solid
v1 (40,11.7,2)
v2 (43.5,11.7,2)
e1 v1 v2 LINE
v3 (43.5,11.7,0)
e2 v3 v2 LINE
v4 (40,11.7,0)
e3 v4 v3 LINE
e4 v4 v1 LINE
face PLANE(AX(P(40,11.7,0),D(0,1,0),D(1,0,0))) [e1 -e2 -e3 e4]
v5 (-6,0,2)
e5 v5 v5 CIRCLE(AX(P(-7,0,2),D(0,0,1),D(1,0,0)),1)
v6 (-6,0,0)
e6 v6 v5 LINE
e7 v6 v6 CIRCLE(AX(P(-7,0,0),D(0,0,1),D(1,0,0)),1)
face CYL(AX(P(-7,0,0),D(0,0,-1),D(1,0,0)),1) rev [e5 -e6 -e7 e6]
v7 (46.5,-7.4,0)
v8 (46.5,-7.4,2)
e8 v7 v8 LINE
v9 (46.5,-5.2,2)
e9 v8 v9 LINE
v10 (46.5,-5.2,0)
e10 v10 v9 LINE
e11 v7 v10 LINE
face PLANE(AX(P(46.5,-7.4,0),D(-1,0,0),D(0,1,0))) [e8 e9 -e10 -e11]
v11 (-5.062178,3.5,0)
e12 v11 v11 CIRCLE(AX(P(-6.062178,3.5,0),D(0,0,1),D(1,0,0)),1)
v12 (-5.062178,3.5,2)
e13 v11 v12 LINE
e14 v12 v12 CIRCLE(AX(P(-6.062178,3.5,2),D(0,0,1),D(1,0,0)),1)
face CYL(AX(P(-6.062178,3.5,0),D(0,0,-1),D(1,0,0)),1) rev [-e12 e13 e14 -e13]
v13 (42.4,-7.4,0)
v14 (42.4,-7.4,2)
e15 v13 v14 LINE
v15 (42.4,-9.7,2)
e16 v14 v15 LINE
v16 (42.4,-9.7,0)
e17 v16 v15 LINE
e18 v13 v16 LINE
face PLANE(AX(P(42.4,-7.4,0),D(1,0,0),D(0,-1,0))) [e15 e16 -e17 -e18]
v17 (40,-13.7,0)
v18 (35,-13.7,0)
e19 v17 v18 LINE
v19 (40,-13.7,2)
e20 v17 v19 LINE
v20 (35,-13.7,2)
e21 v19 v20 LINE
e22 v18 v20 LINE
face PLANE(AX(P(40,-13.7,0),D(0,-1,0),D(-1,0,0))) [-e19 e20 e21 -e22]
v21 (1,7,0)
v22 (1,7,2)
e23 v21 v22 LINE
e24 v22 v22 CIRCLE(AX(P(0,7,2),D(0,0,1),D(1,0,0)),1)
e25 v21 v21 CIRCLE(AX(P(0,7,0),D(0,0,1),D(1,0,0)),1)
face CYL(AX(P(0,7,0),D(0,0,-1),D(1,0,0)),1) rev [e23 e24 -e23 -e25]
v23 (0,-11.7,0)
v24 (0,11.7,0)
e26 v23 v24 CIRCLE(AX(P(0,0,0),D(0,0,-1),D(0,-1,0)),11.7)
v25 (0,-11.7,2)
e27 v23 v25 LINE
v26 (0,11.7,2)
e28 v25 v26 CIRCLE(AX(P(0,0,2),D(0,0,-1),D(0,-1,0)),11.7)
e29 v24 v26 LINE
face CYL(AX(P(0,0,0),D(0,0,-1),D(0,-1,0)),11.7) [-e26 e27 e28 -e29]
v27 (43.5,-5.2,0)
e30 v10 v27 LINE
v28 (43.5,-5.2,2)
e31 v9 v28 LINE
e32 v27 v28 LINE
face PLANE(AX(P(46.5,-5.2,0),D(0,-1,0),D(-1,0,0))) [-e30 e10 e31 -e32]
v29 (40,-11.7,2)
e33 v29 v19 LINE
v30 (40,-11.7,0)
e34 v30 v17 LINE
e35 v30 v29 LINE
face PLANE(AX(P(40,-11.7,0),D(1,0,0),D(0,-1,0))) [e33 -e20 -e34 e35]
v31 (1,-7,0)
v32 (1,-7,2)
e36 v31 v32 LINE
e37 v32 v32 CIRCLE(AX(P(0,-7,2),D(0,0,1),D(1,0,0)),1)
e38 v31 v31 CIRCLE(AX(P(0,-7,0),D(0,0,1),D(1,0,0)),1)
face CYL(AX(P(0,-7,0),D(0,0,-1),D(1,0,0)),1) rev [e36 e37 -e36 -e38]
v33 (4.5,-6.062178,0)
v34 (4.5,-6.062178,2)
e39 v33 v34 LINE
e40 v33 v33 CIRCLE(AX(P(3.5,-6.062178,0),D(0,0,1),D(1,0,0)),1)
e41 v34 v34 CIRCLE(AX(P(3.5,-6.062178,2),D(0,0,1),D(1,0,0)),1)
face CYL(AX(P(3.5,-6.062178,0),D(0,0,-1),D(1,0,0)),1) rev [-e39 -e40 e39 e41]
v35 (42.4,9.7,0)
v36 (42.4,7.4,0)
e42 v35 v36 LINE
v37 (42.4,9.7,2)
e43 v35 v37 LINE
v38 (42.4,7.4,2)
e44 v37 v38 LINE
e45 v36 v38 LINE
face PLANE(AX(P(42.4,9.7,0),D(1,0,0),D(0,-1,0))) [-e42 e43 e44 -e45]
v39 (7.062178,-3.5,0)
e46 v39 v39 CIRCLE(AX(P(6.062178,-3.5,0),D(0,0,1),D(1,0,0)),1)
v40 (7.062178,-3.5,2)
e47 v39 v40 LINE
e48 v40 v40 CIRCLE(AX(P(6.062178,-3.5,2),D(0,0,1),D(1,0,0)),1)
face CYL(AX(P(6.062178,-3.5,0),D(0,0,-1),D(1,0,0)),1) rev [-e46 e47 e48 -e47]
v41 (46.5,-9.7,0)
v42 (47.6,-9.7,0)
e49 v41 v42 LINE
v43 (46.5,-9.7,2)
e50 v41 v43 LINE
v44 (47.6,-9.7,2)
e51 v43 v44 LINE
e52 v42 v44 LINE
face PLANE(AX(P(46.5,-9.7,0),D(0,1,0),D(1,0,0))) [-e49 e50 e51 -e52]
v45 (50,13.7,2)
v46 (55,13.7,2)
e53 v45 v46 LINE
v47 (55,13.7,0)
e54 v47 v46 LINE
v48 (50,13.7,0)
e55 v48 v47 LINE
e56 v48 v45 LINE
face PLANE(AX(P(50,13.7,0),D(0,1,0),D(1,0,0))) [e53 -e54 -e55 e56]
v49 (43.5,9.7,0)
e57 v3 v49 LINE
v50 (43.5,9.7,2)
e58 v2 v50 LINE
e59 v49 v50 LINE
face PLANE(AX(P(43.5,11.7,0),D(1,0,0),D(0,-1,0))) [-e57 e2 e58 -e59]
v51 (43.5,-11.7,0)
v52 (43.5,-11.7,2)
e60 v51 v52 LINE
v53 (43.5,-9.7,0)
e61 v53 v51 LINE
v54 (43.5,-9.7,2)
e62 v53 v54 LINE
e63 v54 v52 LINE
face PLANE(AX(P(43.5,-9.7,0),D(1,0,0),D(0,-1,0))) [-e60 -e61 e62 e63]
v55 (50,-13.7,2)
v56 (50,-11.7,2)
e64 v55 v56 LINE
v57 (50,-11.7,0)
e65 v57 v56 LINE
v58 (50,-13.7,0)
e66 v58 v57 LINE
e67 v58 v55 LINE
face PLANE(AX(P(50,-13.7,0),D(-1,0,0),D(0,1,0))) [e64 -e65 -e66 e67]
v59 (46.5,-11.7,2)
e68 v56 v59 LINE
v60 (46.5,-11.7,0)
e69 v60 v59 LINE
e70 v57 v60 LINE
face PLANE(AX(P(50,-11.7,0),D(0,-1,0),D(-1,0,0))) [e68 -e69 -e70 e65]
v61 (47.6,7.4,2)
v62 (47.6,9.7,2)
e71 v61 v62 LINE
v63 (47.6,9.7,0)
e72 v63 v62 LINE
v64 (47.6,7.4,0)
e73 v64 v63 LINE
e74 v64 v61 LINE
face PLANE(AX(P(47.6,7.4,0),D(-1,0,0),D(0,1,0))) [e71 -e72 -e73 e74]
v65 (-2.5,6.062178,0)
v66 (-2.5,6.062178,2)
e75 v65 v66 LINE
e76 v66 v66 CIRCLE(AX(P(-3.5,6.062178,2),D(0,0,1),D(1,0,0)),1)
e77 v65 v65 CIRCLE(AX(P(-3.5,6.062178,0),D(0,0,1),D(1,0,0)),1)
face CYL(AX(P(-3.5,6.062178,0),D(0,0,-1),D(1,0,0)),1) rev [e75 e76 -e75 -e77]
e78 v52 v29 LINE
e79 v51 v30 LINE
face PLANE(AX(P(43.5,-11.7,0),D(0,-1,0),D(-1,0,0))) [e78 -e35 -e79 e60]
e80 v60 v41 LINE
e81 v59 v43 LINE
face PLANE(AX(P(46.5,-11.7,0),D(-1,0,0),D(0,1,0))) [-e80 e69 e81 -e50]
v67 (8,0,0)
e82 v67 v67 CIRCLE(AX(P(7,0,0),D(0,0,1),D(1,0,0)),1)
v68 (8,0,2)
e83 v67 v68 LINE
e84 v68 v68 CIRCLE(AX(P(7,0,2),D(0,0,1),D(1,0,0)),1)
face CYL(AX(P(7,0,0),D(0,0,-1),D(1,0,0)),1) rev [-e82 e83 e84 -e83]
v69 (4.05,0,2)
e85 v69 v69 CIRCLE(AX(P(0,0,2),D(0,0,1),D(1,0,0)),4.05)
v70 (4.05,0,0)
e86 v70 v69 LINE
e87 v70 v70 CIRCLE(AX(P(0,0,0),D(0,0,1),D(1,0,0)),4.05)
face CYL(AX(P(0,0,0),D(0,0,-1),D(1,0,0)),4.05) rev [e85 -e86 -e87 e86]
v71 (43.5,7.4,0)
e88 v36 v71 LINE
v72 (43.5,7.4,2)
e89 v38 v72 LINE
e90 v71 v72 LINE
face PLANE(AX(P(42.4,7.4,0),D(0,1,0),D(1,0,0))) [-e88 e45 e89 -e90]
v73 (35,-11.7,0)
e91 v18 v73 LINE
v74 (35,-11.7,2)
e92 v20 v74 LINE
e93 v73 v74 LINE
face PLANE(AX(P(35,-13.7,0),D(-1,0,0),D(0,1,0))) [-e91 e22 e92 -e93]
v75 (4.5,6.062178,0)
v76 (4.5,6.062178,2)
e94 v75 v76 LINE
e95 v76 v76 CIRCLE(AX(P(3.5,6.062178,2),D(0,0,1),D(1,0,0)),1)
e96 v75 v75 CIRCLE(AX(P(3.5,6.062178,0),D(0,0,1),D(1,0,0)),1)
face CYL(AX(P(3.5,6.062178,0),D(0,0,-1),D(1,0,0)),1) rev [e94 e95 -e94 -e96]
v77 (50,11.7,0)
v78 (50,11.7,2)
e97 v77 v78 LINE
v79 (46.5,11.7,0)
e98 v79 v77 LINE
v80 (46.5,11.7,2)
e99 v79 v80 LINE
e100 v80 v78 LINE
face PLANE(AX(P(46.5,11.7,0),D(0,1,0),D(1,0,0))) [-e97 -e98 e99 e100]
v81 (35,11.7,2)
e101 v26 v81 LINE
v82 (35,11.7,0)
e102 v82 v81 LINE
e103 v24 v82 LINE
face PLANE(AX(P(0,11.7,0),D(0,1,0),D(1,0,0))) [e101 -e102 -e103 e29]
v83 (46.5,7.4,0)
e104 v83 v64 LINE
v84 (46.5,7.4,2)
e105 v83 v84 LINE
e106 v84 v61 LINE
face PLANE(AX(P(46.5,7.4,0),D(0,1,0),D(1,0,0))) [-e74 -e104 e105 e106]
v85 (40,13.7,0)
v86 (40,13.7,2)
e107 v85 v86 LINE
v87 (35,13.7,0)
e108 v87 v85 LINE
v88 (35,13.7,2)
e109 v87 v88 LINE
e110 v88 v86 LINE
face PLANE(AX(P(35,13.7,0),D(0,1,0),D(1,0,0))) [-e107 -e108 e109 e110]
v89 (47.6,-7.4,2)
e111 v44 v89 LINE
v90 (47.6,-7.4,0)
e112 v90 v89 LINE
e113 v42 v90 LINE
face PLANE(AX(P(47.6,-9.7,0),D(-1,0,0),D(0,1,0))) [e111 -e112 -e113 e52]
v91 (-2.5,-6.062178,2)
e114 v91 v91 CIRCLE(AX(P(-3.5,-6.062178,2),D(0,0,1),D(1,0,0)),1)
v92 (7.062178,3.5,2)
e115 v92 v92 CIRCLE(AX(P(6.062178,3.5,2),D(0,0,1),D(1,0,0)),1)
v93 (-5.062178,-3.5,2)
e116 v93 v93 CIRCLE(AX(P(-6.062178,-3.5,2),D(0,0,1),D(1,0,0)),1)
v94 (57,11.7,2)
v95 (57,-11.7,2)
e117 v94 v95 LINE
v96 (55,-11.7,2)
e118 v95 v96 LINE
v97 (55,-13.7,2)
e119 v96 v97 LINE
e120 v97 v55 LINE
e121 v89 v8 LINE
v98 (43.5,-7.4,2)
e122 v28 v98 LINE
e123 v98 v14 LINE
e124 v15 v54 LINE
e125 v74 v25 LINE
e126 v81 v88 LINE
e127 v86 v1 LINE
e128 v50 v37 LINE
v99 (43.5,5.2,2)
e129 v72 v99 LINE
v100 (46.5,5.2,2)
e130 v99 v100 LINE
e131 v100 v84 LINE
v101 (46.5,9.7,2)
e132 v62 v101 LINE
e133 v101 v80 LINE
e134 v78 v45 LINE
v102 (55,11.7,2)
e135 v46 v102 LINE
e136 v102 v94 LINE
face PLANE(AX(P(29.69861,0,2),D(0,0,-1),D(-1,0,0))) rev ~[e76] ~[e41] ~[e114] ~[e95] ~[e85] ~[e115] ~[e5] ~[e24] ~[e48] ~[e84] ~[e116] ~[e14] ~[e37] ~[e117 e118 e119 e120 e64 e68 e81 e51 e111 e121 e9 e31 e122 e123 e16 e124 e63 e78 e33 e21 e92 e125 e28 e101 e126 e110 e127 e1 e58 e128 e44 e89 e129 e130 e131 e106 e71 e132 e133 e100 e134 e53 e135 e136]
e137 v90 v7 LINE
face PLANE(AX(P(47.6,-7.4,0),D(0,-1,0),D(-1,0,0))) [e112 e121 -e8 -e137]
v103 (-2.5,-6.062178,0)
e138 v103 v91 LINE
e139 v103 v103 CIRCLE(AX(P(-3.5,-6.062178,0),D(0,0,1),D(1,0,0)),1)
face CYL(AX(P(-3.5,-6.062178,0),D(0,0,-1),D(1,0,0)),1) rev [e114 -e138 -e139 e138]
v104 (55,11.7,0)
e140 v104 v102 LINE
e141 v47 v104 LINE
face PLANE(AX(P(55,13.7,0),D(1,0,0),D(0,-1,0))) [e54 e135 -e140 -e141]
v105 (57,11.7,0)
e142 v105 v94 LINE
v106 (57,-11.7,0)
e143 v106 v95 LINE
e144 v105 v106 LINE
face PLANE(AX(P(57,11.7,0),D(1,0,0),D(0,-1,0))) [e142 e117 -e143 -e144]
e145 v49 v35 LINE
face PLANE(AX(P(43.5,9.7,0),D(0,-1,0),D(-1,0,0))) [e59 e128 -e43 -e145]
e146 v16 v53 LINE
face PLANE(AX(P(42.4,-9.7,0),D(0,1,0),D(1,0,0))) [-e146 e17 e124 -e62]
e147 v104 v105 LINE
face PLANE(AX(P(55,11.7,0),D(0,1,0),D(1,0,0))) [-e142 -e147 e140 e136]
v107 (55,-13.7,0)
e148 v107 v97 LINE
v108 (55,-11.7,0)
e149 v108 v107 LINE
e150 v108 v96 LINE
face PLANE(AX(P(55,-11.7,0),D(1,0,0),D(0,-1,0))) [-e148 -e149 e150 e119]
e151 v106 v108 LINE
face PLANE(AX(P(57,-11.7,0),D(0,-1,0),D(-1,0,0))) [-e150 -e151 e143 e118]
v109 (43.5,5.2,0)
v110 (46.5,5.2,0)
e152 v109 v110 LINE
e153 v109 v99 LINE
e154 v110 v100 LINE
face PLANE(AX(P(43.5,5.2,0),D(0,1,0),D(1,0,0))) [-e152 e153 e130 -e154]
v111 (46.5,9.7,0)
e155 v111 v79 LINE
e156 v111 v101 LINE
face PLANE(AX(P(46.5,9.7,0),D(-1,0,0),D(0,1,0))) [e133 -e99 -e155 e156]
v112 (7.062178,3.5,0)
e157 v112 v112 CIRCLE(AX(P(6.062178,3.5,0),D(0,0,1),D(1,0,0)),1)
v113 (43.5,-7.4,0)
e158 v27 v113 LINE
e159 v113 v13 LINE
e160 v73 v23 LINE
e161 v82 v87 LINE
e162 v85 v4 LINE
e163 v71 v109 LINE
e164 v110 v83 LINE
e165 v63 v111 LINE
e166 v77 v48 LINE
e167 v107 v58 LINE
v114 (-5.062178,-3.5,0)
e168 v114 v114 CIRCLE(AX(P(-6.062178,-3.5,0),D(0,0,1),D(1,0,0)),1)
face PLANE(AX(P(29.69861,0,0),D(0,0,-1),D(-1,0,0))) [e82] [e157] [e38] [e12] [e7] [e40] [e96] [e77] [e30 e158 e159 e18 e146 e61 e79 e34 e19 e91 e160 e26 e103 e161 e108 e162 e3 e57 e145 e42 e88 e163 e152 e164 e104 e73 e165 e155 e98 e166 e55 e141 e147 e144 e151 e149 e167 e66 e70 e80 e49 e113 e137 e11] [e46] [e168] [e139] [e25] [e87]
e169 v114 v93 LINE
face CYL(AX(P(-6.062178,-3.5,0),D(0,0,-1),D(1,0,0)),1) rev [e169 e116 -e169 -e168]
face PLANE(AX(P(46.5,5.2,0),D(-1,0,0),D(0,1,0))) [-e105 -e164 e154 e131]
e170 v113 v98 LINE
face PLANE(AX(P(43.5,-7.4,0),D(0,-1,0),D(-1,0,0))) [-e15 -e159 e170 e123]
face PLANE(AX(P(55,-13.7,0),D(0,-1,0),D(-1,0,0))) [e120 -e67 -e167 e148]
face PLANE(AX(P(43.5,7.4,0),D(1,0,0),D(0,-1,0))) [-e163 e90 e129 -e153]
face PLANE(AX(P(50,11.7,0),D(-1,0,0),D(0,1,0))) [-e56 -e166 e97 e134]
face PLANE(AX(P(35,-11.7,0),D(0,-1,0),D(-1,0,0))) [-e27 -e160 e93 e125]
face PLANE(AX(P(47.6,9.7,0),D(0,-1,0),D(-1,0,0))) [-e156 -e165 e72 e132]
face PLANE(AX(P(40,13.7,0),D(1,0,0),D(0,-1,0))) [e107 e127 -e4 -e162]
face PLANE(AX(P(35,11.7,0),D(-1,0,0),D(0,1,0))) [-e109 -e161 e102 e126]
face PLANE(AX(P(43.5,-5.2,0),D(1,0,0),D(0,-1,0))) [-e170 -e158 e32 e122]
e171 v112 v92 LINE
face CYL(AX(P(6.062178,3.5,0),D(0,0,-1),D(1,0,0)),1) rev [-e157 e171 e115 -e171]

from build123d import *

# Parameters (mm, degrees)
SKETCH1_R           = 4.05
SKETCH1_R_2         = 1
BOSS_EXTRUDE1_DEPTH = 2


with BuildPart() as part:
    # Sketch1 → Boss-Extrude1 (new body)
    with BuildSketch(Plane.XY):
        with BuildLine():
            Line((57, 11.7), (57, -11.7))
            Line((57, -11.7), (55, -11.7))
            Line((55, -11.7), (55, -13.7))
            Line((55, -13.7), (50, -13.7))
            Line((50, -13.7), (50, -11.7))
            Line((50, -11.7), (46.5, -11.7))
            Line((46.5, -11.7), (46.5, -9.7))
            Line((46.5, -9.7), (47.6, -9.7))
            Line((47.6, -9.7), (47.6, -7.4))
            Line((47.6, -7.4), (46.5, -7.4))
            Line((46.5, -7.4), (46.5, -5.2))
            Line((46.5, -5.2), (43.5, -5.2))
            Line((43.5, -5.2), (43.5, -7.4))
            Line((43.5, -7.4), (42.4, -7.4))
            Line((42.4, -7.4), (42.4, -9.7))
            Line((42.4, -9.7), (43.5, -9.7))
            Line((43.5, -9.7), (43.5, -11.7))
            Line((43.5, -11.7), (40, -11.7))
            Line((40, -11.7), (40, -13.7))
            Line((40, -13.7), (35, -13.7))
            Line((35, -13.7), (35, -11.7))
            Line((35, -11.7), (0, -11.7))
            ThreePointArc((0, -11.7), (-11.7, 0), (0, 11.7))
            Line((0, 11.7), (35, 11.7))
            Line((35, 11.7), (35, 13.7))
            Line((35, 13.7), (40, 13.7))
            Line((40, 13.7), (40, 11.7))
            Line((40, 11.7), (43.5, 11.7))
            Line((43.5, 11.7), (43.5, 9.7))
            Line((43.5, 9.7), (42.4, 9.7))
            Line((42.4, 9.7), (42.4, 7.4))
            Line((42.4, 7.4), (43.5, 7.4))
            Line((43.5, 7.4), (43.5, 5.2))
            Line((43.5, 5.2), (46.5, 5.2))
            Line((46.5, 5.2), (46.5, 7.4))
            Line((46.5, 7.4), (47.6, 7.4))
            Line((47.6, 7.4), (47.6, 9.7))
            Line((47.6, 9.7), (46.5, 9.7))
            Line((46.5, 9.7), (46.5, 11.7))
            Line((46.5, 11.7), (50, 11.7))
            Line((50, 11.7), (50, 13.7))
            Line((50, 13.7), (55, 13.7))
            Line((55, 13.7), (55, 11.7))
            Line((55, 11.7), (57, 11.7))
        make_face()
        Circle(SKETCH1_R, mode=Mode.SUBTRACT)
        with Locations((7, 0)):
            Circle(SKETCH1_R_2, mode=Mode.SUBTRACT)
        with Locations((6.062177826, -3.5)):
            Circle(SKETCH1_R_2, mode=Mode.SUBTRACT)
        with Locations((3.5, -6.062177826)):
            Circle(SKETCH1_R_2, mode=Mode.SUBTRACT)
        with Locations((0, -7)):
            Circle(SKETCH1_R_2, mode=Mode.SUBTRACT)
        with Locations((-3.5, -6.062177826)):
            Circle(SKETCH1_R_2, mode=Mode.SUBTRACT)
        with Locations((-6.062177826, -3.5)):
            Circle(SKETCH1_R_2, mode=Mode.SUBTRACT)
        with Locations((-7, 0)):
            Circle(SKETCH1_R_2, mode=Mode.SUBTRACT)
        with Locations((-6.062177826, 3.5)):
            Circle(SKETCH1_R_2, mode=Mode.SUBTRACT)
        with Locations((-3.5, 6.062177826)):
            Circle(SKETCH1_R_2, mode=Mode.SUBTRACT)
        with Locations((0, 7)):
            Circle(SKETCH1_R_2, mode=Mode.SUBTRACT)
        with Locations((3.5, 6.062177826)):
            Circle(SKETCH1_R_2, mode=Mode.SUBTRACT)
        with Locations((6.062177826, 3.5)):
            Circle(SKETCH1_R_2, mode=Mode.SUBTRACT)
    extrude(amount=BOSS_EXTRUDE1_DEPTH)


solid = part.part
